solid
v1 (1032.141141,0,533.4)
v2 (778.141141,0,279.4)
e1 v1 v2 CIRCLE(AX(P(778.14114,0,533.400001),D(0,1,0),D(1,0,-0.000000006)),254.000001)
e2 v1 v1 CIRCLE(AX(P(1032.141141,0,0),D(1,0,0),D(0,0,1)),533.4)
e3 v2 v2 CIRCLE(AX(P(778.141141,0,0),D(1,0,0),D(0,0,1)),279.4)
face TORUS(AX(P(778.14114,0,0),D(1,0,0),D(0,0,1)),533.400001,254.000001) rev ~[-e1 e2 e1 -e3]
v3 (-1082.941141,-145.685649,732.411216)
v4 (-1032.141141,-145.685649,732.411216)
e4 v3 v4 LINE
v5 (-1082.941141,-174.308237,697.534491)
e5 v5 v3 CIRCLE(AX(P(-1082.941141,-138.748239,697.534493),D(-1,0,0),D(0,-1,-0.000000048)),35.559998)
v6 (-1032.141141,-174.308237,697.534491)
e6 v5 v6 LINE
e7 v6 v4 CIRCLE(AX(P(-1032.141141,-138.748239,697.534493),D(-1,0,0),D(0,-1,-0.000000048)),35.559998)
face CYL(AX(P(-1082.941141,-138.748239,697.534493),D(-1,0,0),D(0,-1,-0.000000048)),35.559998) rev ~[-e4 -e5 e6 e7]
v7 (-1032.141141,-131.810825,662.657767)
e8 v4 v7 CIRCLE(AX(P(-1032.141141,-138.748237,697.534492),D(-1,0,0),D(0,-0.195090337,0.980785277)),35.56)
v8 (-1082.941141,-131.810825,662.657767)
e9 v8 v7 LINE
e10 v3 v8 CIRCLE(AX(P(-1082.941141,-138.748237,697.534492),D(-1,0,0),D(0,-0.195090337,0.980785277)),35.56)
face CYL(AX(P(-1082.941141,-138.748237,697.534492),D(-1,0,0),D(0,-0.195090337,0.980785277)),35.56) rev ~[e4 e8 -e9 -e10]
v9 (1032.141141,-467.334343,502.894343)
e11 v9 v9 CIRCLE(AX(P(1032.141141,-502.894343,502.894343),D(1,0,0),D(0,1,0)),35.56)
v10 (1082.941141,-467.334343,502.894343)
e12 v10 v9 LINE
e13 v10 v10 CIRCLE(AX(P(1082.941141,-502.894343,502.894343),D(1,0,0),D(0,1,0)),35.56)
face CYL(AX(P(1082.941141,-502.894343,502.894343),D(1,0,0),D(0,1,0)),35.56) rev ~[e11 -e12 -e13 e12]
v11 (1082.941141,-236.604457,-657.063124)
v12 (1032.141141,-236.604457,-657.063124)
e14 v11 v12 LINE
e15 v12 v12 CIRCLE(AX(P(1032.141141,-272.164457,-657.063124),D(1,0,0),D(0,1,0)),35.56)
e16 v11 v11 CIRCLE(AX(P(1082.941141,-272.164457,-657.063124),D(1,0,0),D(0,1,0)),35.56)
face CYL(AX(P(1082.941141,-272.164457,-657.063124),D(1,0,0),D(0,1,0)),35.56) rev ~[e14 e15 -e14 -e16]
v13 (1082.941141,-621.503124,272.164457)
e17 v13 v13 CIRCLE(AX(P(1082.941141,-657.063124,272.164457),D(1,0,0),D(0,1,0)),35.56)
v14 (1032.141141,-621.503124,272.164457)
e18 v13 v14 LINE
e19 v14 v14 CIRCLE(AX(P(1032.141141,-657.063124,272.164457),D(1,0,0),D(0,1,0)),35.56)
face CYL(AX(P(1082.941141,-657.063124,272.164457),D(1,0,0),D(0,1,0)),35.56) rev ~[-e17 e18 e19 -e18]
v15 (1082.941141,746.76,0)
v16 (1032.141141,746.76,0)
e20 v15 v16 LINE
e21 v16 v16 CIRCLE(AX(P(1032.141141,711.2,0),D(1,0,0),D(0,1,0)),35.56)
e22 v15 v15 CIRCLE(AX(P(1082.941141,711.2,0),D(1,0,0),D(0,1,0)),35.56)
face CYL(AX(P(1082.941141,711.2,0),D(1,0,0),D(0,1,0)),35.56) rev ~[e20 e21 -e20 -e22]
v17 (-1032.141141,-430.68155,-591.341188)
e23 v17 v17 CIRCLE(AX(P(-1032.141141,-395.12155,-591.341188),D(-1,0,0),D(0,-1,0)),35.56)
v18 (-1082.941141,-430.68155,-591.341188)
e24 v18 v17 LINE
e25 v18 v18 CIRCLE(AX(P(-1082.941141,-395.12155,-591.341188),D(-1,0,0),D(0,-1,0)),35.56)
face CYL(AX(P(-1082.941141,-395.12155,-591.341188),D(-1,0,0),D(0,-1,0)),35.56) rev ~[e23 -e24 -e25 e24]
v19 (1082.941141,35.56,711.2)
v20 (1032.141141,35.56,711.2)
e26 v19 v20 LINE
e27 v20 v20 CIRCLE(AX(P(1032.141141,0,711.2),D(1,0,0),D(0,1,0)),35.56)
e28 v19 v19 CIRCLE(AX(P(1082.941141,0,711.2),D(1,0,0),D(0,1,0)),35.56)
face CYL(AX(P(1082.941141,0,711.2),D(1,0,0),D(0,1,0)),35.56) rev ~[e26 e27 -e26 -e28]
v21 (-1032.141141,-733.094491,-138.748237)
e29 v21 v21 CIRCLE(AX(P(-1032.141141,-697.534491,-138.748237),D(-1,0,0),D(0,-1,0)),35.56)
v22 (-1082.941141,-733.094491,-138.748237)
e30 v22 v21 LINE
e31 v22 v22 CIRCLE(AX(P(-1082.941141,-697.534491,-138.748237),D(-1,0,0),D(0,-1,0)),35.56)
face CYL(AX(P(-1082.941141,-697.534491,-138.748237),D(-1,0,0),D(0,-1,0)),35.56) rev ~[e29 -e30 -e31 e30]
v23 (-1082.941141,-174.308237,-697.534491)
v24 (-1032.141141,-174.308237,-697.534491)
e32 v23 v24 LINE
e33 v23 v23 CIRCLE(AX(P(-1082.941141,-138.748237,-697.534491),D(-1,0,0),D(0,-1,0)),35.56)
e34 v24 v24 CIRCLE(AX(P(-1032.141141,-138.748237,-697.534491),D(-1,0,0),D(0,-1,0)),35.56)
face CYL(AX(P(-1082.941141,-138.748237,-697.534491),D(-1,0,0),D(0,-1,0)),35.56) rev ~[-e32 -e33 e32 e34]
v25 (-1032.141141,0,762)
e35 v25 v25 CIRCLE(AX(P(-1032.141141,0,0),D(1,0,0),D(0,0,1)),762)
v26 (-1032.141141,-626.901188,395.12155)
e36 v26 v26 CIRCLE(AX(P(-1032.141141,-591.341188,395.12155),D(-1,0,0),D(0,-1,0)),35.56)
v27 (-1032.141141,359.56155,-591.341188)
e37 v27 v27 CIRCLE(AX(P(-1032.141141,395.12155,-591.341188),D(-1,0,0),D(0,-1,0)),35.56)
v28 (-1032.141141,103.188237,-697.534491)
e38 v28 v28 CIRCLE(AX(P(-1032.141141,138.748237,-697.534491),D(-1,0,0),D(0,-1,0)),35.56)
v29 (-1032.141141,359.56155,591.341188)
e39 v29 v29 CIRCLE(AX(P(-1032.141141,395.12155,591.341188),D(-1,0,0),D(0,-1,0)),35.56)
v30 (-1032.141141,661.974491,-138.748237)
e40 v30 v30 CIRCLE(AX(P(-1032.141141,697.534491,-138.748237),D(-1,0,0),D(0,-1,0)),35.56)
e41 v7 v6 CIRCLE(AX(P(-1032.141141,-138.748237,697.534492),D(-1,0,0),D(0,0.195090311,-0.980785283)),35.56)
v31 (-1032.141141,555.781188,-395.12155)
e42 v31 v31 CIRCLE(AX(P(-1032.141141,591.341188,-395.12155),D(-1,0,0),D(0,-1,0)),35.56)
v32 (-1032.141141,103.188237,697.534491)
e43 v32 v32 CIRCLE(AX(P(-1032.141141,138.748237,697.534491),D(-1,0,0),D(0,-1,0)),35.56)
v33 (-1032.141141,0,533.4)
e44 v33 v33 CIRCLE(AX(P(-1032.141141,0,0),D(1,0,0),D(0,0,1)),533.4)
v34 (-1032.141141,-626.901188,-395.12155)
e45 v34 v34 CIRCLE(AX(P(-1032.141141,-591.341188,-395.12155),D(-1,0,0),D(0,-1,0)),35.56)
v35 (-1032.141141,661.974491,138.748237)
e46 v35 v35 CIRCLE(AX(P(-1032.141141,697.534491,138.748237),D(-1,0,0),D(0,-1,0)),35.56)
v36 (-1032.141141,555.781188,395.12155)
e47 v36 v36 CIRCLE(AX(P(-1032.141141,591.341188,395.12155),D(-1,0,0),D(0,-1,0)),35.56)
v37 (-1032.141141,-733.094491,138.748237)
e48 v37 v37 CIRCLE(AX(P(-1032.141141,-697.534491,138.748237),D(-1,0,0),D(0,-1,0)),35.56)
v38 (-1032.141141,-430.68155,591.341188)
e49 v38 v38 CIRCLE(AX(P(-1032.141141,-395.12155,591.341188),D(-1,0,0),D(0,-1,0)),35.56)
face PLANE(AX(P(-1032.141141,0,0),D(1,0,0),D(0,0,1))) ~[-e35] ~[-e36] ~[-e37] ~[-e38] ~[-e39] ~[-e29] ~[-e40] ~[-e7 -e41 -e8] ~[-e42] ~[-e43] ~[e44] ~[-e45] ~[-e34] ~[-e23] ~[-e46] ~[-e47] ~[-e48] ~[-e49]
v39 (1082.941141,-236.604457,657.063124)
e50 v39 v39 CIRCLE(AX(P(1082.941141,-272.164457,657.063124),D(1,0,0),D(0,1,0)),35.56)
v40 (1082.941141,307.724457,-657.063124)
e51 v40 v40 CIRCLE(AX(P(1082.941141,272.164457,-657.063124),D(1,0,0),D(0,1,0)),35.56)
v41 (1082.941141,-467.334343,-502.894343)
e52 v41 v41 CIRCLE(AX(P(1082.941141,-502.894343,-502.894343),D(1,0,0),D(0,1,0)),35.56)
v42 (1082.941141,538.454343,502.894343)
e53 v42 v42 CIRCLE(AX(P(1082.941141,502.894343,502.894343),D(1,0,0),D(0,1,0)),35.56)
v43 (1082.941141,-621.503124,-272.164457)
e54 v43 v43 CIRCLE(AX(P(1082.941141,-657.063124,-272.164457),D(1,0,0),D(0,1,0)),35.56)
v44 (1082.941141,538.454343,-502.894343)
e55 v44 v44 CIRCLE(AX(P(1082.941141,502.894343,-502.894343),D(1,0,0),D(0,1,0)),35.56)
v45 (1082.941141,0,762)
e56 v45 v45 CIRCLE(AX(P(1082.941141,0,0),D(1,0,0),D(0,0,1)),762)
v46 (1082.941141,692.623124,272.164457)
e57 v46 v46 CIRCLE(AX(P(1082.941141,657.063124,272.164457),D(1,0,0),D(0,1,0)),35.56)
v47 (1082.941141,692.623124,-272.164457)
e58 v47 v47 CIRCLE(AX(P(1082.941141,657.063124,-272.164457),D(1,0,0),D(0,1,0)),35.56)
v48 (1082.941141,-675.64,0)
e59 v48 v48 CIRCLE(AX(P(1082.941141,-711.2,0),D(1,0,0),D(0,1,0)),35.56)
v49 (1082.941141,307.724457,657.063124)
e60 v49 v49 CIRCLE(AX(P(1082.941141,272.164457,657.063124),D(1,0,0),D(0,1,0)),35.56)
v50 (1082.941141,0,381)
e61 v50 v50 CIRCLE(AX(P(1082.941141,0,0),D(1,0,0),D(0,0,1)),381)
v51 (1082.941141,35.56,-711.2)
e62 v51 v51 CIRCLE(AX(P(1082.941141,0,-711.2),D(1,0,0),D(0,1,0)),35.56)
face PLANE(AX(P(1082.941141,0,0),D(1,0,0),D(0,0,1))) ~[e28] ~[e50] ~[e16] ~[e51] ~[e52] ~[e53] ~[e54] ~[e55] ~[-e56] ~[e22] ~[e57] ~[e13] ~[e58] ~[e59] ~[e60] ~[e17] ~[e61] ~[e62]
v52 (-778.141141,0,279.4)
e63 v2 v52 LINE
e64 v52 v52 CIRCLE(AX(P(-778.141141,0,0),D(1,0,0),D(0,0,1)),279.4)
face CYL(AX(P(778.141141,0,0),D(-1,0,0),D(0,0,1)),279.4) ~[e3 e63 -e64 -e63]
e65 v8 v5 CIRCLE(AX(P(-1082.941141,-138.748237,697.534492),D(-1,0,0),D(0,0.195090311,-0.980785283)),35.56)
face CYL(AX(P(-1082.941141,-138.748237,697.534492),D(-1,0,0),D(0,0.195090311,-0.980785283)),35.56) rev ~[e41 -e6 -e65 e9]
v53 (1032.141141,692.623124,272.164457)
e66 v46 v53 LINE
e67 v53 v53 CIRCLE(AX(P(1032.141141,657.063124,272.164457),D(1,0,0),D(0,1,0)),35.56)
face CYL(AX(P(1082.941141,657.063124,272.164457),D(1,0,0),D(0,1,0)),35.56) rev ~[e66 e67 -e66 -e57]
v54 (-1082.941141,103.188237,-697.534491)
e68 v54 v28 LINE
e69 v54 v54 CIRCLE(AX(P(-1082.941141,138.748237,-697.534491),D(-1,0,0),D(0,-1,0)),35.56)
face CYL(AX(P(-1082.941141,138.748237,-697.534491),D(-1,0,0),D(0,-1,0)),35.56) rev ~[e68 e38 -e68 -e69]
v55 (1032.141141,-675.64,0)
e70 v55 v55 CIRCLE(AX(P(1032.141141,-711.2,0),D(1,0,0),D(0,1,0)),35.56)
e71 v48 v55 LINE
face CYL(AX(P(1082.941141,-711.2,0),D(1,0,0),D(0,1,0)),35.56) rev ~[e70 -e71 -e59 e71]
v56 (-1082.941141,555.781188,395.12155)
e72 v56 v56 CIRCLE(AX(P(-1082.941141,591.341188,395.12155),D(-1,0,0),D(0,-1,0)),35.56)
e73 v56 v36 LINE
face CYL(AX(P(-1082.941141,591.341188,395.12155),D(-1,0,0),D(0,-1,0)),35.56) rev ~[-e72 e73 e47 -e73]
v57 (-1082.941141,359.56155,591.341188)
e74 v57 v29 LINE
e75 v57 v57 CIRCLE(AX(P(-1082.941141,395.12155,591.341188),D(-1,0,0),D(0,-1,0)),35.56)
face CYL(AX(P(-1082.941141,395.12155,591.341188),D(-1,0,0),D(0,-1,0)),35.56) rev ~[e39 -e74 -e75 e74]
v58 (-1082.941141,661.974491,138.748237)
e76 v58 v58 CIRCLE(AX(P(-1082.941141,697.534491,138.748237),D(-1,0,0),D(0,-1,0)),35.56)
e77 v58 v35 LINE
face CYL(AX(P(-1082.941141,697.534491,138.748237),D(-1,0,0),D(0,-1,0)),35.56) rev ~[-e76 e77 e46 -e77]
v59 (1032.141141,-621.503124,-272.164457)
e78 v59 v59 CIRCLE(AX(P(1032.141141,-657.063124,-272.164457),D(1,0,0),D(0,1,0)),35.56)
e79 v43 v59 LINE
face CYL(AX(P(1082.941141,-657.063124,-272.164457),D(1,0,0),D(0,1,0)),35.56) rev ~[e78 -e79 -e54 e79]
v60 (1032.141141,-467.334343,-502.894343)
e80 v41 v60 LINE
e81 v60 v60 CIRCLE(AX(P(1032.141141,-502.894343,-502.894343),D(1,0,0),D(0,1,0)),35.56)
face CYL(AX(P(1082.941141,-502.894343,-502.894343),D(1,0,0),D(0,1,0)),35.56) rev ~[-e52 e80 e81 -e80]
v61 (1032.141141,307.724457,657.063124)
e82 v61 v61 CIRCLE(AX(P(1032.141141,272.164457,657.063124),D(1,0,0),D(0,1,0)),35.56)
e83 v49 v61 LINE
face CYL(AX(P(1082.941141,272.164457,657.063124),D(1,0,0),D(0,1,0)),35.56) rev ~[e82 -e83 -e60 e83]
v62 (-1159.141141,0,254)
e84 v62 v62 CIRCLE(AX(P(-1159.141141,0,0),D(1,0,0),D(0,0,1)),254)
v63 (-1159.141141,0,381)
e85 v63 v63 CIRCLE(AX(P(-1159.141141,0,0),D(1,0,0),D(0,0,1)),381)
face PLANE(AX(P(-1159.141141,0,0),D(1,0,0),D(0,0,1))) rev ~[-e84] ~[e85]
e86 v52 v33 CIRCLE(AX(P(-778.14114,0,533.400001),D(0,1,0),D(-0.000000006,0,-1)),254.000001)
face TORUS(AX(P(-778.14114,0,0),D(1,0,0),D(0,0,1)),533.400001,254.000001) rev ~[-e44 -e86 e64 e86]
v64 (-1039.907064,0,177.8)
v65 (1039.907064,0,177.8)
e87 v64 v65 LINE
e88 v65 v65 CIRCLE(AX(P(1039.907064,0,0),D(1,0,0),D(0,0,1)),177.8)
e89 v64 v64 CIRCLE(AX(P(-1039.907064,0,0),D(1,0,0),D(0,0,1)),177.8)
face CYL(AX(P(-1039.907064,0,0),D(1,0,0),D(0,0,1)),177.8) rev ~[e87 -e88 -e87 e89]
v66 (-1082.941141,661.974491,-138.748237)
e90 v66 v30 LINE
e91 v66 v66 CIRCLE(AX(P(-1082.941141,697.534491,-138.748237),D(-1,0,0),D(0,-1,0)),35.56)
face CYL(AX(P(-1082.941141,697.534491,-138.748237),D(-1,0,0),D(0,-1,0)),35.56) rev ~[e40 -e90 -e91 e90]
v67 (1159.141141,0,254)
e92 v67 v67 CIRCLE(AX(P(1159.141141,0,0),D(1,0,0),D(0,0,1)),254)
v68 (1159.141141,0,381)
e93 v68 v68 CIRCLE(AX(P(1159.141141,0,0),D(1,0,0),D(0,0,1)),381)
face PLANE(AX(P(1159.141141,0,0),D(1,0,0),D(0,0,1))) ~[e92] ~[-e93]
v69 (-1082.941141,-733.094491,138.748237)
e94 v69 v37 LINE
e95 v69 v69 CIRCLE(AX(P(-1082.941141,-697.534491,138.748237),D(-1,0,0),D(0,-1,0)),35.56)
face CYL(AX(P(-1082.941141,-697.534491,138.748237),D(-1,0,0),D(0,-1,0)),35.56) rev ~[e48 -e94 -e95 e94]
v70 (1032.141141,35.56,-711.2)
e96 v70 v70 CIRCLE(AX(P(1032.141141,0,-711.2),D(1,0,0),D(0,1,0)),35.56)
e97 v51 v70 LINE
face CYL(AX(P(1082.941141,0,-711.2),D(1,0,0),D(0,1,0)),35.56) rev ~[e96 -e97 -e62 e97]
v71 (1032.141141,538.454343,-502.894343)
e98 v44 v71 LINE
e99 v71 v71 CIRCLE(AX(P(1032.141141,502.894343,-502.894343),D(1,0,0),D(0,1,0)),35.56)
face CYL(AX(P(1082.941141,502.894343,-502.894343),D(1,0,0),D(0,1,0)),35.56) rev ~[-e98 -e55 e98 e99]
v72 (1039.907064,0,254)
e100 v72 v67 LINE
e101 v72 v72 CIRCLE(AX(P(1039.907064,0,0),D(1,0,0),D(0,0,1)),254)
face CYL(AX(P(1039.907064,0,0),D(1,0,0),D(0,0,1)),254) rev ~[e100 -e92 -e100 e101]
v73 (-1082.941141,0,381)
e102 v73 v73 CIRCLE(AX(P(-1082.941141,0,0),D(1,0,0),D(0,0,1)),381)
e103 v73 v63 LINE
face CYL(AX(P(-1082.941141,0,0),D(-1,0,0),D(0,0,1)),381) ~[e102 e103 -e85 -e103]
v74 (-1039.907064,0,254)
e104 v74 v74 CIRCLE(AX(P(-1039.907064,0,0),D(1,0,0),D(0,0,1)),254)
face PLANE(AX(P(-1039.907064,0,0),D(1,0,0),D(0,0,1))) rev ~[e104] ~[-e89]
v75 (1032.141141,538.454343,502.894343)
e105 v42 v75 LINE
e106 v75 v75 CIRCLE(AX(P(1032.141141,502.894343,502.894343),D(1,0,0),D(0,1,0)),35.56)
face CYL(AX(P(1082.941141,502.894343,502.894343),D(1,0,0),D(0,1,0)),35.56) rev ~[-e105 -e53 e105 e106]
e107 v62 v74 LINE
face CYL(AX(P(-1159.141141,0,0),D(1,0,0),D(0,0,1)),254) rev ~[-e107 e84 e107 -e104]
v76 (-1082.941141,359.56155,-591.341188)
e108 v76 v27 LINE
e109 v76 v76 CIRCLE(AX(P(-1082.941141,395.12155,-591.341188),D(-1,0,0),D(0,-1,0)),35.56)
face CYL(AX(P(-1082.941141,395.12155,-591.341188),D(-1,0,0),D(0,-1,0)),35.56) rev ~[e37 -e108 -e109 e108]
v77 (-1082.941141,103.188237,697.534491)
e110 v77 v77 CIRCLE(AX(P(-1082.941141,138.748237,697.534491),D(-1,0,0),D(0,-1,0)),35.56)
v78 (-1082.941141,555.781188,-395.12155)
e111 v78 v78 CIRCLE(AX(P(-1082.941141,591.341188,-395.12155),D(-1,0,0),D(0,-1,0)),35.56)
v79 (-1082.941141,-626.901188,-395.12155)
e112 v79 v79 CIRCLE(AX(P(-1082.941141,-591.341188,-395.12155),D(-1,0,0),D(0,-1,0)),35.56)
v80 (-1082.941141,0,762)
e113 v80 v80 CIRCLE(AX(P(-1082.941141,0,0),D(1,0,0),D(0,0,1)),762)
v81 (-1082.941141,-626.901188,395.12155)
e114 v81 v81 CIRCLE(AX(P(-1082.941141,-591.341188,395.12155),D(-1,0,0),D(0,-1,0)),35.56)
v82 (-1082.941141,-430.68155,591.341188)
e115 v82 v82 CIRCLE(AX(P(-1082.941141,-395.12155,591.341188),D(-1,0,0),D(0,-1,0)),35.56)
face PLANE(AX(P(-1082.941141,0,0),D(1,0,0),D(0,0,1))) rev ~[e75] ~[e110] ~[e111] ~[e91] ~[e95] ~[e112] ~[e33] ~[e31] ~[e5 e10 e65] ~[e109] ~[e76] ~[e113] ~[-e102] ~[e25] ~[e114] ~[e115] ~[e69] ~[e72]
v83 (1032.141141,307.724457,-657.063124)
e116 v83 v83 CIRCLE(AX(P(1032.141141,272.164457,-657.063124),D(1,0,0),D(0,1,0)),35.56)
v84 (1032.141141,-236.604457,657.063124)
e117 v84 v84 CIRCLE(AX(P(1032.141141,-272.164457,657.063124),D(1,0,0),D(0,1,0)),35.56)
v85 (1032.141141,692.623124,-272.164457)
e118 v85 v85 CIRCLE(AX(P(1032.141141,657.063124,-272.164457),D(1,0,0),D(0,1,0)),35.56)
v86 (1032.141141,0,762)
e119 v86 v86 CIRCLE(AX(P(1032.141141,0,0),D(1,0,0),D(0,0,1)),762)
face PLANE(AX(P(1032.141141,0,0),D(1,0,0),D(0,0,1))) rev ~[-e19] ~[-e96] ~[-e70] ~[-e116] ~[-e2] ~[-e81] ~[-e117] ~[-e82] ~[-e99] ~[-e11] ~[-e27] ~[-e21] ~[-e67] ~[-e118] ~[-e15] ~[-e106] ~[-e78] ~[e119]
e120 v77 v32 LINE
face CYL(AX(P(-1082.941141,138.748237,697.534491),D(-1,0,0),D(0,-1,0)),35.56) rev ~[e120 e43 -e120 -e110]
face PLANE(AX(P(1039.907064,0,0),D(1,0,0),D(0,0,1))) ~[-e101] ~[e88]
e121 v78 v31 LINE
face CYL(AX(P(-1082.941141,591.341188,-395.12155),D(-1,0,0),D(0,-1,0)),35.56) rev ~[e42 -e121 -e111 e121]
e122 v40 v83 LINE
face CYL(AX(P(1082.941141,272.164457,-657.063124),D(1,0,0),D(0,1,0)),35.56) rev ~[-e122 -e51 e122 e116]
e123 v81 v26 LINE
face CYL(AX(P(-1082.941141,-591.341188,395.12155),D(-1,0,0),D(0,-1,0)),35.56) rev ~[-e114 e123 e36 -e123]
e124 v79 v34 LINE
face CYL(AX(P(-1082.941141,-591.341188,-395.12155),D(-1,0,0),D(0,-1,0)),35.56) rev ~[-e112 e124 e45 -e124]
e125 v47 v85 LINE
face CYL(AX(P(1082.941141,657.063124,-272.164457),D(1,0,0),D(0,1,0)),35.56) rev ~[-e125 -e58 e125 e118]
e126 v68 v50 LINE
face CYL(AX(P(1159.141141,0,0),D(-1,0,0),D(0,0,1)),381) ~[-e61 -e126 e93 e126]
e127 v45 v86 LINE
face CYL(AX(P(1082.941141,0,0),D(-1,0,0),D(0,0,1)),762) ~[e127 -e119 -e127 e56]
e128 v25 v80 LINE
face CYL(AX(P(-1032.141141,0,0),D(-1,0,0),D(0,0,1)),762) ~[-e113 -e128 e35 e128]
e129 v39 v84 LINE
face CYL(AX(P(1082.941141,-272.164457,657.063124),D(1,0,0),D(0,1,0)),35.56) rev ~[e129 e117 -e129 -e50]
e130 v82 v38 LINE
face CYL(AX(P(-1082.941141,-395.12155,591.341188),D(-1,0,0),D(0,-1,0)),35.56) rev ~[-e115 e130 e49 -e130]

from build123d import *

# Parameters (mm, degrees)
F2_R     = 35.56
F3_DEPTH = 302.26
F4_R     = 35.56
F5_DEPTH = 431.8


with BuildPart() as f1:
    # F0 (on Front) → F1 (revolve)
    with BuildSketch(Plane.XZ):
        with BuildLine():
            Line((-1159.141141, 381), (-1159.141141, 254))
            Line((-1159.141141, 254), (-1039.907064, 254))
            Line((-1039.907064, 254), (-1039.907064, 177.8))
            Line((-1039.907064, 177.8), (0, 177.8))
            Line((0, 177.8), (1039.907064, 177.8))
            Line((1039.907064, 177.8), (1039.907064, 254))
            Line((1039.907064, 254), (1159.141141, 254))
            Line((1159.141141, 254), (1159.141141, 381))
            Line((1159.141141, 381), (1082.941141, 381))
            Line((1082.941141, 381), (1082.941141, 762))
            Line((1082.941141, 762), (1032.141141, 762))
            Line((1032.141141, 762), (1032.141141, 533.4))
            ThreePointArc((1032.141141, 533.4), (957.746263, 353.794878), (778.141141, 279.4))
            Line((778.141141, 279.4), (0, 279.4))
            Line((0, 279.4), (-778.141141, 279.4))
            ThreePointArc((-778.141141, 279.4), (-957.746263, 353.794878), (-1032.141141, 533.4))
            Line((-1032.141141, 533.4), (-1032.141141, 762))
            Line((-1032.141141, 762), (-1082.941141, 762))
            Line((-1082.941141, 762), (-1082.941141, 381))
            Line((-1082.941141, 381), (-1159.141141, 381))
        make_face()
    revolve(axis=Axis((110.858859, 0, 0), (1, 0, 0)))

    # F2 (on face) → F3 (cut)
    with BuildSketch(Plane.YZ.offset(1082.941141)):
        with Locations((0, 711.2)):
            Circle(F2_R)
        with Locations((-272.164457, 657.063124)):
            Circle(F2_R)
        with Locations((-502.894343, 502.894343)):
            Circle(F2_R)
        with Locations((-657.063124, 272.164457)):
            Circle(F2_R)
        with Locations((-711.2, 0)):
            Circle(F2_R)
        with Locations((-657.063124, -272.164457)):
            Circle(F2_R)
        with Locations((-502.894343, -502.894343)):
            Circle(F2_R)
        with Locations((-272.164457, -657.063124)):
            Circle(F2_R)
        with Locations((0, -711.2)):
            Circle(F2_R)
        with Locations((272.164457, -657.063124)):
            Circle(F2_R)
        with Locations((502.894343, -502.894343)):
            Circle(F2_R)
        with Locations((657.063124, -272.164457)):
            Circle(F2_R)
        with Locations((711.2, 0)):
            Circle(F2_R)
        with Locations((657.063124, 272.164457)):
            Circle(F2_R)
        with Locations((502.894343, 502.894343)):
            Circle(F2_R)
        with Locations((272.164457, 657.063124)):
            Circle(F2_R)
    extrude(amount=-F3_DEPTH, mode=Mode.SUBTRACT)

    # F4 (on face) → F5 (cut)
    with BuildSketch(Plane(origin=(-1082.941141, 0, 0), x_dir=(0, -1, 0), z_dir=(-1, 0, 0))):
        with BuildLine():
            ThreePointArc((145.685649, 732.411216), (103.871512, 704.471903), (131.810825, 662.657767))
            Line((131.810825, 662.657767), (145.685649, 732.411216))
        make_face()
        with BuildLine():
            Line((145.685649, 732.411216), (131.810825, 662.657767))
            ThreePointArc((131.810825, 662.657767), (161.307262, 670.04624), (174.308237, 697.534491))
            ThreePointArc((174.308237, 697.534491), (166.236489, 720.093517), (145.685649, 732.411216))
        make_face()
        with Locations((-138.748237, 697.534491)):
            Circle(F4_R)
        with Locations((-395.12155, 591.341188)):
            Circle(F4_R)
        with Locations((-591.341188, 395.12155)):
            Circle(F4_R)
        with Locations((-697.534491, 138.748237)):
            Circle(F4_R)
        with Locations((-697.534491, -138.748237)):
            Circle(F4_R)
        with Locations((-591.341188, -395.12155)):
            Circle(F4_R)
        with Locations((-395.12155, -591.341188)):
            Circle(F4_R)
        with Locations((-138.748237, -697.534491)):
            Circle(F4_R)
        with Locations((138.748237, -697.534491)):
            Circle(F4_R)
        with Locations((395.12155, -591.341188)):
            Circle(F4_R)
        with Locations((591.341188, -395.12155)):
            Circle(F4_R)
        with Locations((697.534491, -138.748237)):
            Circle(F4_R)
        with Locations((697.534491, 138.748237)):
            Circle(F4_R)
        with Locations((591.341188, 395.12155)):
            Circle(F4_R)
        with Locations((395.12155, 591.341188)):
            Circle(F4_R)
    extrude(amount=-F5_DEPTH, mode=Mode.SUBTRACT)


solid = f1.part
